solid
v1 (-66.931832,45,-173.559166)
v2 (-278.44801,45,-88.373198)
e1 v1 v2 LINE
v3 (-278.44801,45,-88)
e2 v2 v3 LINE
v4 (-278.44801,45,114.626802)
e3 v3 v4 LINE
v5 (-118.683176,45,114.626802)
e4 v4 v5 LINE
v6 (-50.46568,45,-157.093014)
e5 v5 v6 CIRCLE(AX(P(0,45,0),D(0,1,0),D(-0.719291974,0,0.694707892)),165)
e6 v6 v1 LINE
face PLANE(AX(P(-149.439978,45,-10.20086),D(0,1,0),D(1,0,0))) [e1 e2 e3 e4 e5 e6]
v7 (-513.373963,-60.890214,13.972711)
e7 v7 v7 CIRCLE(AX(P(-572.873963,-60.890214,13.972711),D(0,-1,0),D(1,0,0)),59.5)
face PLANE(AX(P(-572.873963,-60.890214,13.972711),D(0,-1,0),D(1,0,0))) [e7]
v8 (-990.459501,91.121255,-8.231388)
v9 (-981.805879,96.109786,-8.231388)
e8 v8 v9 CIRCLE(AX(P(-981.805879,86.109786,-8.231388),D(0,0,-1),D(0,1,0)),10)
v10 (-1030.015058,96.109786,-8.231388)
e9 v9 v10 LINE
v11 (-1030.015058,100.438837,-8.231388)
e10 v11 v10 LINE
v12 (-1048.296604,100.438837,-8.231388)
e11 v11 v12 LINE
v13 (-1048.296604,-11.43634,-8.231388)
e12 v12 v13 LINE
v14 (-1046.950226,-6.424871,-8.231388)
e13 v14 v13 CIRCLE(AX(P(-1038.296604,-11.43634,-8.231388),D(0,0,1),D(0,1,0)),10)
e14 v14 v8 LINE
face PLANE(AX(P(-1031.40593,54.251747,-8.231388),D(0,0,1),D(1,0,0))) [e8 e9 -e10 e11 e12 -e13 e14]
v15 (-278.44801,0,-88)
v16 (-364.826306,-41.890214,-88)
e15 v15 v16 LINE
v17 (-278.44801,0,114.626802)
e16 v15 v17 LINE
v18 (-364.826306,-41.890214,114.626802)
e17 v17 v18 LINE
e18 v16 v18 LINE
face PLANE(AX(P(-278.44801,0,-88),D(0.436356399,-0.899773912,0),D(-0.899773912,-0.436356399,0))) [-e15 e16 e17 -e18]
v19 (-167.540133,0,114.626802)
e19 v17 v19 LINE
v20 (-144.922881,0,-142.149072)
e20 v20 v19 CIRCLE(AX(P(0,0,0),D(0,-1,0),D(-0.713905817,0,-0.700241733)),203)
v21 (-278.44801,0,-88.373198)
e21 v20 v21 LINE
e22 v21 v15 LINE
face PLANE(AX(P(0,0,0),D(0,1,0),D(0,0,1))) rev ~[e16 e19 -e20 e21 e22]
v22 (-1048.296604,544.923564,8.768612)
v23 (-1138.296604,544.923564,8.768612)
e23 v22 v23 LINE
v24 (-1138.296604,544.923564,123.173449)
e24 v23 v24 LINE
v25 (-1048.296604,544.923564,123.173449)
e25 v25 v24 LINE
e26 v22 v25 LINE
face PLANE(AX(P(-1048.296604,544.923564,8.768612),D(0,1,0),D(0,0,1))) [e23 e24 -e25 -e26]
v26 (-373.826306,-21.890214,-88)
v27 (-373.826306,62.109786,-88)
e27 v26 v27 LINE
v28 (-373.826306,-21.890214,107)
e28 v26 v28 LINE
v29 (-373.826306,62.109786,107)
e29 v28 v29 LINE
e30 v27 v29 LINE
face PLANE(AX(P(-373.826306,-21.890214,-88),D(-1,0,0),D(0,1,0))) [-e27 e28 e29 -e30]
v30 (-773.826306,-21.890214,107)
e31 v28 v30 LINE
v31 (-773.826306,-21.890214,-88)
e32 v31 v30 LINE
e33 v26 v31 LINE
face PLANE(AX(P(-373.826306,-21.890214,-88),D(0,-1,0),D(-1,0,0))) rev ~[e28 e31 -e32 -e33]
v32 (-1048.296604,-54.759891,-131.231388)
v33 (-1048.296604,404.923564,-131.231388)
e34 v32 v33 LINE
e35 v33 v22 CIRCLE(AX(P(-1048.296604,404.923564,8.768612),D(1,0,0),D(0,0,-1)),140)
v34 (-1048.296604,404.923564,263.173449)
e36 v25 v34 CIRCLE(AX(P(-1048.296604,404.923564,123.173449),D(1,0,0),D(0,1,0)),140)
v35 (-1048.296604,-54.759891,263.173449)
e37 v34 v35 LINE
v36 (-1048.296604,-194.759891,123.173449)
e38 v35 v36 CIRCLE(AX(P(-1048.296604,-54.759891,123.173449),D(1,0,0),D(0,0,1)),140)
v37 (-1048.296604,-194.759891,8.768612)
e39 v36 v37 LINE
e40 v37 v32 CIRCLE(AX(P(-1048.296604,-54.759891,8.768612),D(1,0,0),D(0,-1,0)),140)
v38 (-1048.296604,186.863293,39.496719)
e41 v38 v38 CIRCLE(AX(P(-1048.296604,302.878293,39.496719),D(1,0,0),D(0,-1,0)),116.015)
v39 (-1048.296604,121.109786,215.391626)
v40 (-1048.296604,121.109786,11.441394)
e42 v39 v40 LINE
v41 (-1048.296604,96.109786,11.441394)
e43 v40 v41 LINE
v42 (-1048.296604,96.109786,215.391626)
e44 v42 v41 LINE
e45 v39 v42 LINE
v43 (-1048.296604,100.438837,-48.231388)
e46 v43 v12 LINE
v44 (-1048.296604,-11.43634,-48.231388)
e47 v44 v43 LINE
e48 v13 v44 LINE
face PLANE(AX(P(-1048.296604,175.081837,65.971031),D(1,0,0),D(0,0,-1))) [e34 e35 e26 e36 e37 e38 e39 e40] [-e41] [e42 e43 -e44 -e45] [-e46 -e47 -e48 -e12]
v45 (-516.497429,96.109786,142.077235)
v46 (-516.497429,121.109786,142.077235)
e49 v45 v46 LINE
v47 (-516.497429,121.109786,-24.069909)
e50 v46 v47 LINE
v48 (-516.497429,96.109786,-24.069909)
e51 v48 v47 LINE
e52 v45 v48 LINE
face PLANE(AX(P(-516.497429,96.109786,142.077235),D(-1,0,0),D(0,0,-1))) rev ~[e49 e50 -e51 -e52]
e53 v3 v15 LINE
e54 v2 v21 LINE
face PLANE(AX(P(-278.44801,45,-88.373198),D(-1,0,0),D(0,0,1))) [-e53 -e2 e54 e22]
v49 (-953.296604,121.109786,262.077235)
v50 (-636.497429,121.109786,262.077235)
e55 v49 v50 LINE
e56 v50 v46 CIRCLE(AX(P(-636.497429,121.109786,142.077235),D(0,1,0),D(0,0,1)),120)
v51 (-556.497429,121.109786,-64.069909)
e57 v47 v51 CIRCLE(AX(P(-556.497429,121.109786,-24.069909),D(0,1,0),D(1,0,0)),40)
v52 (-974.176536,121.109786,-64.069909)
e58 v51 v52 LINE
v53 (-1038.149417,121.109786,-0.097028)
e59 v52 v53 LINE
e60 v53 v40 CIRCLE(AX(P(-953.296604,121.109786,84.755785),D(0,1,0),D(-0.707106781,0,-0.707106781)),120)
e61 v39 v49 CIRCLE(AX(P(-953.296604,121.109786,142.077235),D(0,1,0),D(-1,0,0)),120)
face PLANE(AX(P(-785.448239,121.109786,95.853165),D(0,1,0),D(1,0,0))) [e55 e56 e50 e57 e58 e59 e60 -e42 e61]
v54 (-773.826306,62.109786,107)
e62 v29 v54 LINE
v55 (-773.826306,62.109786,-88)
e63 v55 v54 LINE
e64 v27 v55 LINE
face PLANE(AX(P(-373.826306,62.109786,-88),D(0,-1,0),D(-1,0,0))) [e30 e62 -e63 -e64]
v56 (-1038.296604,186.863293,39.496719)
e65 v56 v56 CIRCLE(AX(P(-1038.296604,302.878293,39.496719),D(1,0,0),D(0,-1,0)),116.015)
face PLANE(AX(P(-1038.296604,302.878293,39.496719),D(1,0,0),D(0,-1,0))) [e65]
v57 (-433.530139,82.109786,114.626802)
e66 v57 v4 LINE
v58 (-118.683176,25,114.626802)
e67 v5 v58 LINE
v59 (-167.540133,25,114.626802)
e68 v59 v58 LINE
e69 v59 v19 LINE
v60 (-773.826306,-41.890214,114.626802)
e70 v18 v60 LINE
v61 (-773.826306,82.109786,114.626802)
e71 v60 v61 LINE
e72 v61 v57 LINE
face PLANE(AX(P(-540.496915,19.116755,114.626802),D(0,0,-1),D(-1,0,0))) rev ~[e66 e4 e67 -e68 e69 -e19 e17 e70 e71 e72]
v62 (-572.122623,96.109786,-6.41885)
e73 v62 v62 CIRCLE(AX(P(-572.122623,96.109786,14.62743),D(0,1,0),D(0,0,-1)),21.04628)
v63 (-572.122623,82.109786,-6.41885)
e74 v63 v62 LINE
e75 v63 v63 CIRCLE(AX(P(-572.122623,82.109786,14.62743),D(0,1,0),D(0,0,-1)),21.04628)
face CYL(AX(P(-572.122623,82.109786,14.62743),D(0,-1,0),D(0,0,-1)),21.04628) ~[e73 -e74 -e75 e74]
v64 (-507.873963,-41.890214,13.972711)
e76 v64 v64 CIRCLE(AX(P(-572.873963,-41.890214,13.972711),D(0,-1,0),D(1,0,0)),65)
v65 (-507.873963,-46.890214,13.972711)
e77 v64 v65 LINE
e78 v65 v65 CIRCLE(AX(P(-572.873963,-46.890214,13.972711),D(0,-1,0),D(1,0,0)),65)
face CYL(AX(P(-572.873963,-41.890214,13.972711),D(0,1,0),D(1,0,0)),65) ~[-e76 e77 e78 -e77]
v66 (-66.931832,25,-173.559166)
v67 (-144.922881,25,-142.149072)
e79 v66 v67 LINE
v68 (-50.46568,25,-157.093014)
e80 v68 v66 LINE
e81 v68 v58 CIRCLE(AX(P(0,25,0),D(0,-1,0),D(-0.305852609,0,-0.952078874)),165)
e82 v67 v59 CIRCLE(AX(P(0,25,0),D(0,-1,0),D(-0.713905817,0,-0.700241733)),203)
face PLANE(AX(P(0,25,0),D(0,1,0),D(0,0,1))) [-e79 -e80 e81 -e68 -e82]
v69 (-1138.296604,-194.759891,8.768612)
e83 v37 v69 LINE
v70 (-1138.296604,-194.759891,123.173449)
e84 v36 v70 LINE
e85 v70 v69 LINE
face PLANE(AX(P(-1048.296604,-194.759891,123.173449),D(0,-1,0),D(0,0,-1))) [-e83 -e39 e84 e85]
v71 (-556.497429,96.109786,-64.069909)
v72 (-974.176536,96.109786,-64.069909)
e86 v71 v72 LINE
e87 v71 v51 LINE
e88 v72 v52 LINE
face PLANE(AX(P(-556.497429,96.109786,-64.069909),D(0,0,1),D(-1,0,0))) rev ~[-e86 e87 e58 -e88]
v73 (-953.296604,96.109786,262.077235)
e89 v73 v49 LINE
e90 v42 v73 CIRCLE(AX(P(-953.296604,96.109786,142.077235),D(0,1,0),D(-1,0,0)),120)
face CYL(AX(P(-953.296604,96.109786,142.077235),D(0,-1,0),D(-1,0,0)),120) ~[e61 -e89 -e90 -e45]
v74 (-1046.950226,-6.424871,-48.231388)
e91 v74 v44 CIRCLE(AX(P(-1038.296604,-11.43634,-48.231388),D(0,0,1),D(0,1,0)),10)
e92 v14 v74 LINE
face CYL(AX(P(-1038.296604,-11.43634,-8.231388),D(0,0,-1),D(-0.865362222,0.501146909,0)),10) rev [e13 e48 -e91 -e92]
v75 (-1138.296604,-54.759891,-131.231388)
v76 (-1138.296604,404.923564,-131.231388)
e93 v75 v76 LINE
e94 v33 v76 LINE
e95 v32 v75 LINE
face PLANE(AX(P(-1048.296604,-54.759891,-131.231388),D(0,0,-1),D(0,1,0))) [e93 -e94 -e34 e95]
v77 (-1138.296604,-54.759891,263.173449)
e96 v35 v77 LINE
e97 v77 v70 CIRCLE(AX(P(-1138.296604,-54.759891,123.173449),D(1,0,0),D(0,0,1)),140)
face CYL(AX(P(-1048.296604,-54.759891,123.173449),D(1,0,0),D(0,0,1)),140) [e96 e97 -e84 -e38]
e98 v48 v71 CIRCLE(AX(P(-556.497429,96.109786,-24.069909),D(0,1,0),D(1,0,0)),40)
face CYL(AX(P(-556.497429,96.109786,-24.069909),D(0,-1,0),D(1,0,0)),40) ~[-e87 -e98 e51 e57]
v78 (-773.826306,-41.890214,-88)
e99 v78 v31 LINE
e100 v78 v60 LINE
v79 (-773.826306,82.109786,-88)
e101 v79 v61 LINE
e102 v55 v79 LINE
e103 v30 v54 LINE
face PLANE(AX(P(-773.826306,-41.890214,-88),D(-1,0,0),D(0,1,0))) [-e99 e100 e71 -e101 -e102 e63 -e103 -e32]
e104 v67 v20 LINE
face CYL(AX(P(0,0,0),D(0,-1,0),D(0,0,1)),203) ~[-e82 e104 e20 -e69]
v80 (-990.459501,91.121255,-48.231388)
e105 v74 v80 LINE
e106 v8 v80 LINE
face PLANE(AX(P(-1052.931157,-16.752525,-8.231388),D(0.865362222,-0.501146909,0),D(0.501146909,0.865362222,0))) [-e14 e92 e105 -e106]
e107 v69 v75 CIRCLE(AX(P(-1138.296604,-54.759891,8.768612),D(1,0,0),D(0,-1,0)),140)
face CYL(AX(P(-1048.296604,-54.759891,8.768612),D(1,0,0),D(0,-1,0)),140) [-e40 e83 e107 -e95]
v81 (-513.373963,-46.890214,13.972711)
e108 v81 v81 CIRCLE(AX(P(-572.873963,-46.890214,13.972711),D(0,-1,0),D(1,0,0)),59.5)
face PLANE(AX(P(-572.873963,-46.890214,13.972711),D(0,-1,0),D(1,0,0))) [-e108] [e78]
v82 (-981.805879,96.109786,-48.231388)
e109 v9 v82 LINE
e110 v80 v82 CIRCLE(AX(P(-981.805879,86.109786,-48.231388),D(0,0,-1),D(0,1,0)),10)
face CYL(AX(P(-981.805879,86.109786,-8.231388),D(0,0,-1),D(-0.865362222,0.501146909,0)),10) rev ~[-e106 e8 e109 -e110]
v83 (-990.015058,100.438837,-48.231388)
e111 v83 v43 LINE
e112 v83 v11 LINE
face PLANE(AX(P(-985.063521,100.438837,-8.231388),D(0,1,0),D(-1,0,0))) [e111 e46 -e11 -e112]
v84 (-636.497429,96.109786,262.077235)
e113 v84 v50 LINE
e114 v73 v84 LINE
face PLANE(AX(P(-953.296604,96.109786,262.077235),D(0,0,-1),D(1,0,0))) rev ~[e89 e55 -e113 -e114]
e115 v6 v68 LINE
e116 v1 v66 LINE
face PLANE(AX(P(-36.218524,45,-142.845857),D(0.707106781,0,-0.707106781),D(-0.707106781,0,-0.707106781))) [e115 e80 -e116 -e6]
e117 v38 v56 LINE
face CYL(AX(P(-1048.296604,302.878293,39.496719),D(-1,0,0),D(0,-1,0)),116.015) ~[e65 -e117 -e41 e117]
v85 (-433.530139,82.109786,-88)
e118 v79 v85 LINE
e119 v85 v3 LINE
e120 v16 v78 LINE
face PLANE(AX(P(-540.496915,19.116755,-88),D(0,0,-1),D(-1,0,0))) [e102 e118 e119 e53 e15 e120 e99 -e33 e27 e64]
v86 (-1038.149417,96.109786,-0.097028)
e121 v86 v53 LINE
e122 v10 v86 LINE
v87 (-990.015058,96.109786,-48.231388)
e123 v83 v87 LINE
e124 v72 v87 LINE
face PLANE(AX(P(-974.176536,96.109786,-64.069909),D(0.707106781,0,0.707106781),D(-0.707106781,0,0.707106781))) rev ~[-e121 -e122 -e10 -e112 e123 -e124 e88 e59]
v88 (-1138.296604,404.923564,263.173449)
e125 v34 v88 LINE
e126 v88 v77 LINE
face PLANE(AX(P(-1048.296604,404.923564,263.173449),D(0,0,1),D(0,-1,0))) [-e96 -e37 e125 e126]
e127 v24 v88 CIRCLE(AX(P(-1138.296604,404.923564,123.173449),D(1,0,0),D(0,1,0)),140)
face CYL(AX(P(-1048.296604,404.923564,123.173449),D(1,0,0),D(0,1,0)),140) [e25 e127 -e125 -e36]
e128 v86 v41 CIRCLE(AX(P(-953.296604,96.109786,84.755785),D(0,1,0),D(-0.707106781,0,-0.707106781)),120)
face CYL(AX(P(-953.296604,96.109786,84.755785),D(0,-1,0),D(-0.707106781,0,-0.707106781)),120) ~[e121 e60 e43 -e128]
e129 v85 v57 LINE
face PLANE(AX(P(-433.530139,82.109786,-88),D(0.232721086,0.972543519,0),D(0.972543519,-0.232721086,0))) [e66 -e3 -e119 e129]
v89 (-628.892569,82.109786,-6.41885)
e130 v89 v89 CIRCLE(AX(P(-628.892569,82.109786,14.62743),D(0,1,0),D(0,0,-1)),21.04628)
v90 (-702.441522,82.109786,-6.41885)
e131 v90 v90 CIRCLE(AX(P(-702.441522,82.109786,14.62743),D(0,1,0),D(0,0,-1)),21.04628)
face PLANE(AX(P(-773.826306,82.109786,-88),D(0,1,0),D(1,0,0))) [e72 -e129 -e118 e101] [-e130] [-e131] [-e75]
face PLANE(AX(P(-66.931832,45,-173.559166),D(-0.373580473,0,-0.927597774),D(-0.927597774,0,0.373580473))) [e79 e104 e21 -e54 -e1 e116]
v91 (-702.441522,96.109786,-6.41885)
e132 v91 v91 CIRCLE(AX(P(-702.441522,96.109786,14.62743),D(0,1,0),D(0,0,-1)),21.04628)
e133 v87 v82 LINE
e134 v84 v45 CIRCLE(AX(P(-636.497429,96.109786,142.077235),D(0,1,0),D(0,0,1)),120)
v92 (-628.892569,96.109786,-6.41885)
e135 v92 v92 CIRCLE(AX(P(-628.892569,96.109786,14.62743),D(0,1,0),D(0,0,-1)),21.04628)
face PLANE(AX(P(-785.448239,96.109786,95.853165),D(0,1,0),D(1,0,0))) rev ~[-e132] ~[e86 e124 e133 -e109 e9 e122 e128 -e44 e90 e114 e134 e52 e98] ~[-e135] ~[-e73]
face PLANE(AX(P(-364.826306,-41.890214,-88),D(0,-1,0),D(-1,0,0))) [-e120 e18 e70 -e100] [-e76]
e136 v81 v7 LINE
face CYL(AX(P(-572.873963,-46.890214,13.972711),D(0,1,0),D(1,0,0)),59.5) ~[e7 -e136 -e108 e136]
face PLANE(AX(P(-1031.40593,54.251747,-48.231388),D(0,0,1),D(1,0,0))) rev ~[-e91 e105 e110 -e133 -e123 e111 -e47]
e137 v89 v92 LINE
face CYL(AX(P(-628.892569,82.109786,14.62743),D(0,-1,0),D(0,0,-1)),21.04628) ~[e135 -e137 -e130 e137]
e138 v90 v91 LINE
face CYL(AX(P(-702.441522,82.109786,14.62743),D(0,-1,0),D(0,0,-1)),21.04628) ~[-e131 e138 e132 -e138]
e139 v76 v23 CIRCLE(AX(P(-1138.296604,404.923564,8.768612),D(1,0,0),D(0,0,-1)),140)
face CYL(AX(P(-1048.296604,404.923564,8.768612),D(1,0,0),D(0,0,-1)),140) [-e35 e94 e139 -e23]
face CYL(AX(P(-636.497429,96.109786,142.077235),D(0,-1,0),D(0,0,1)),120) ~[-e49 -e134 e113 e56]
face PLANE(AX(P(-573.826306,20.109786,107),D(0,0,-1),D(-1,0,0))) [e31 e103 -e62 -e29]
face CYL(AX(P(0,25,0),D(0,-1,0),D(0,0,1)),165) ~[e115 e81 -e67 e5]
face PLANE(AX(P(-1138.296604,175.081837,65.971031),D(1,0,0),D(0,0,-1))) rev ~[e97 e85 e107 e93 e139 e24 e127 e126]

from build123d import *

# Parameters (mm, degrees)
SKETCH2_R                 = 203
BOSS_EXTRUDE1_DEPTH       = 25
SKETCH3_R                 = 165
BOSS_EXTRUDE4_DEPTH       = 20
BOSS_EXTRUDE6_DEPTH       = 45
BOSS_EXTRUDE7_DEPTH       = 202.626802206
SKETCH12_W                = 400
SKETCH12_H                = 84
CUT_EXTRUDE2_DEPTH        = 195
SKETCH13_R                = 65
BOSS_EXTRUDE8_DEPTH       = 5
SKETCH14_R                = 59.5
BOSS_EXTRUDE9_DEPTH       = 14
SKETCH15_R                = 21.046280496
BOSS_EXTRUDE10_DEPTH      = 14
BOSS_EXTRUDE11_DEPTH      = 25
BOSS_EXTRUDE12_DEPTH      = 65
BOSS_EXTRUDE12_DEPTH_BACK = 25
BOSS_EXTRUDE13_DEPTH      = 25
BOSS_EXTRUDE13_DEPTH_BACK = 15
FILLET1_R                 = 10
SKETCH20_R                = 116.015
BOSS_EXTRUDE14_DEPTH      = 10


with BuildPart() as part:
    # Sketch2 → Boss-Extrude1 (new body)
    with BuildSketch(Plane(origin=(0, 0, 0), x_dir=(1, 0, 0), z_dir=(0, 1, 0))):
        with Locations(Location((0, 0, 0), (0, 0, 270))):
            Circle(SKETCH2_R)
    extrude(amount=BOSS_EXTRUDE1_DEPTH)

    # Sketch3 → Boss-Extrude4 (add)
    with BuildSketch(Plane(origin=(0, 25, 0), x_dir=(1, 0, 0), z_dir=(0, 1, 0))):
        with Locations(Location((0, 0, 0), (0, 0, 270))):
            Circle(SKETCH3_R)
    extrude(amount=BOSS_EXTRUDE4_DEPTH)

    # Sketch8 → Boss-Extrude6 (add)
    with BuildSketch(Plane(origin=(0, 45, 0), x_dir=(1, 0, 0), z_dir=(0, 1, 0))):
        Polygon((-36.218523686, 88.373197794), (-36.218523686, 142.845857418), (-66.931831772, 173.559165504), (-278.448010099, 88.373197794), (-278.448010099, -114.626802206), (-36.218523686, -114.626802206), align=None)
    extrude(amount=-BOSS_EXTRUDE6_DEPTH)

    # Sketch11 → Boss-Extrude7 (add)
    with BuildSketch(Plane.XY.offset(-88)):
        Polygon((-278.448010099, 0), (-364.82630567, -41.890214301), (-773.82630567, -41.890214301), (-773.82630567, 82.109785699), (-433.530139449, 82.109785699), (-278.448010099, 45), align=None)
    extrude(amount=BOSS_EXTRUDE7_DEPTH)

    # Sketch12 → Cut-Extrude2 (cut)
    with BuildSketch(Plane(origin=(0, 0, -88), x_dir=(-1, 0, 0), z_dir=(0, 0, -1))):
        with Locations((573.82630567, 20.109785699)):
            Rectangle(SKETCH12_W, SKETCH12_H)
    extrude(amount=-CUT_EXTRUDE2_DEPTH, mode=Mode.SUBTRACT)

    # Sketch13 → Boss-Extrude8 (add)
    with BuildSketch(Plane.XZ.offset(41.890214301)):
        with Locations((-572.873962689, 13.972710812)):
            Circle(SKETCH13_R)
    extrude(amount=BOSS_EXTRUDE8_DEPTH)

    # Sketch14 → Boss-Extrude9 (add)
    with BuildSketch(Plane.XZ.offset(46.890214301)):
        with Locations((-572.873962689, 13.972710812)):
            Circle(SKETCH14_R)
    extrude(amount=BOSS_EXTRUDE9_DEPTH)

    # Sketch15 → Boss-Extrude10 (add)
    with BuildSketch(Plane(origin=(0, 82.109785699, 0), x_dir=(1, 0, 0), z_dir=(0, 1, 0))):
        with Locations(Location((-702.441522293, -14.627430099, 0), (0, 0, 90))):
            Circle(SKETCH15_R)
        with Locations(Location((-628.892568706, -14.627430099, 0), (0, 0, 90))):
            Circle(SKETCH15_R)
        with Locations(Location((-572.1226233, -14.627430099, 0), (0, 0, 90))):
            Circle(SKETCH15_R)
    extrude(amount=BOSS_EXTRUDE10_DEPTH)

    # Sketch16 → Boss-Extrude11 (add)
    with BuildSketch(Plane(origin=(0, 96.109785699, 0), x_dir=(1, 0, 0), z_dir=(0, 1, 0))):
        with BuildLine():
            Line((-556.497428598, 64.069909455), (-974.176536307, 64.069909455))
            Line((-974.176536307, 64.069909455), (-1038.149417409, 0.097028353))
            ThreePointArc((-1038.149417409, 0.097028353), (-1064.162147568, -38.833773506), (-1073.296603667, -84.75578539))
            Line((-1073.296603667, -84.75578539), (-1073.296603667, -142.077234659))
            ThreePointArc((-1073.296603667, -142.077234659), (-1038.149417409, -226.930048402), (-953.296603667, -262.077234659))
            Line((-953.296603667, -262.077234659), (-636.497428598, -262.077234659))
            ThreePointArc((-636.497428598, -262.077234659), (-551.644614856, -226.930048402), (-516.497428598, -142.077234659))
            Line((-516.497428598, -142.077234659), (-516.497428598, 24.069909455))
            ThreePointArc((-516.497428598, 24.069909455), (-528.213157351, 52.354180702), (-556.497428598, 64.069909455))
        make_face()
    extrude(amount=BOSS_EXTRUDE11_DEPTH)

    # Sketch17 → Boss-Extrude12 (add, two sides: drawn at the far end of the back side and taken through both)
    with BuildSketch(Plane.ZY.offset(1073.296603667).offset(-BOSS_EXTRUDE12_DEPTH_BACK)):
        with BuildLine():
            Line((8.768612392, 544.923564191), (123.173449264, 544.923564191))
            ThreePointArc((123.173449264, 544.923564191), (222.16839863, 503.918513558), (263.173449264, 404.923564191))
            Line((263.173449264, 404.923564191), (263.173449264, -54.759891123))
            ThreePointArc((263.173449264, -54.759891123), (222.16839863, -153.754840489), (123.173449264, -194.759891123))
            Line((123.173449264, -194.759891123), (8.768612392, -194.759891123))
            ThreePointArc((8.768612392, -194.759891123), (-90.226336974, -153.754840489), (-131.231387608, -54.759891123))
            Line((-131.231387608, -54.759891123), (-131.231387608, 404.923564191))
            ThreePointArc((-131.231387608, 404.923564191), (-90.226336974, 503.918513558), (8.768612392, 544.923564191))
        make_face()
    extrude(amount=BOSS_EXTRUDE12_DEPTH + BOSS_EXTRUDE12_DEPTH_BACK)

    # Sketch19 → Boss-Extrude13 (add, two sides: drawn at the far end of the back side and taken through both)
    with BuildSketch(Plane(origin=(0, 0, -23.231387608), x_dir=(-1, 0, 0), z_dir=(0, 0, -1)).offset(-BOSS_EXTRUDE13_DEPTH_BACK)):
        Polygon((1052.931156926, -16.752524753), (985.063520649, 100.43883668), (1052.931156926, 100.43883668), align=None)
    extrude(amount=BOSS_EXTRUDE13_DEPTH + BOSS_EXTRUDE13_DEPTH_BACK)

    # Fillet1
    fillet1_edges = [part.edges().sort_by_distance(p)[0] for p in [
        (-1048.296603667, -8.749747053, -28.231387608),
        (-987.570552343, 96.109785699, -28.231387608),
    ]]
    fillet(fillet1_edges, radius=FILLET1_R)

    # Sketch20 → Boss-Extrude14 (add)
    with BuildSketch(Plane(origin=(-1048.296603667, 0, 0), x_dir=(0, 0, -1), z_dir=(1, 0, 0))):
        with Locations(Location((-39.49671875, 302.878292984, 0), (0, 0, 270))):
            Circle(SKETCH20_R)
    extrude(amount=BOSS_EXTRUDE14_DEPTH)


solid = part.part
